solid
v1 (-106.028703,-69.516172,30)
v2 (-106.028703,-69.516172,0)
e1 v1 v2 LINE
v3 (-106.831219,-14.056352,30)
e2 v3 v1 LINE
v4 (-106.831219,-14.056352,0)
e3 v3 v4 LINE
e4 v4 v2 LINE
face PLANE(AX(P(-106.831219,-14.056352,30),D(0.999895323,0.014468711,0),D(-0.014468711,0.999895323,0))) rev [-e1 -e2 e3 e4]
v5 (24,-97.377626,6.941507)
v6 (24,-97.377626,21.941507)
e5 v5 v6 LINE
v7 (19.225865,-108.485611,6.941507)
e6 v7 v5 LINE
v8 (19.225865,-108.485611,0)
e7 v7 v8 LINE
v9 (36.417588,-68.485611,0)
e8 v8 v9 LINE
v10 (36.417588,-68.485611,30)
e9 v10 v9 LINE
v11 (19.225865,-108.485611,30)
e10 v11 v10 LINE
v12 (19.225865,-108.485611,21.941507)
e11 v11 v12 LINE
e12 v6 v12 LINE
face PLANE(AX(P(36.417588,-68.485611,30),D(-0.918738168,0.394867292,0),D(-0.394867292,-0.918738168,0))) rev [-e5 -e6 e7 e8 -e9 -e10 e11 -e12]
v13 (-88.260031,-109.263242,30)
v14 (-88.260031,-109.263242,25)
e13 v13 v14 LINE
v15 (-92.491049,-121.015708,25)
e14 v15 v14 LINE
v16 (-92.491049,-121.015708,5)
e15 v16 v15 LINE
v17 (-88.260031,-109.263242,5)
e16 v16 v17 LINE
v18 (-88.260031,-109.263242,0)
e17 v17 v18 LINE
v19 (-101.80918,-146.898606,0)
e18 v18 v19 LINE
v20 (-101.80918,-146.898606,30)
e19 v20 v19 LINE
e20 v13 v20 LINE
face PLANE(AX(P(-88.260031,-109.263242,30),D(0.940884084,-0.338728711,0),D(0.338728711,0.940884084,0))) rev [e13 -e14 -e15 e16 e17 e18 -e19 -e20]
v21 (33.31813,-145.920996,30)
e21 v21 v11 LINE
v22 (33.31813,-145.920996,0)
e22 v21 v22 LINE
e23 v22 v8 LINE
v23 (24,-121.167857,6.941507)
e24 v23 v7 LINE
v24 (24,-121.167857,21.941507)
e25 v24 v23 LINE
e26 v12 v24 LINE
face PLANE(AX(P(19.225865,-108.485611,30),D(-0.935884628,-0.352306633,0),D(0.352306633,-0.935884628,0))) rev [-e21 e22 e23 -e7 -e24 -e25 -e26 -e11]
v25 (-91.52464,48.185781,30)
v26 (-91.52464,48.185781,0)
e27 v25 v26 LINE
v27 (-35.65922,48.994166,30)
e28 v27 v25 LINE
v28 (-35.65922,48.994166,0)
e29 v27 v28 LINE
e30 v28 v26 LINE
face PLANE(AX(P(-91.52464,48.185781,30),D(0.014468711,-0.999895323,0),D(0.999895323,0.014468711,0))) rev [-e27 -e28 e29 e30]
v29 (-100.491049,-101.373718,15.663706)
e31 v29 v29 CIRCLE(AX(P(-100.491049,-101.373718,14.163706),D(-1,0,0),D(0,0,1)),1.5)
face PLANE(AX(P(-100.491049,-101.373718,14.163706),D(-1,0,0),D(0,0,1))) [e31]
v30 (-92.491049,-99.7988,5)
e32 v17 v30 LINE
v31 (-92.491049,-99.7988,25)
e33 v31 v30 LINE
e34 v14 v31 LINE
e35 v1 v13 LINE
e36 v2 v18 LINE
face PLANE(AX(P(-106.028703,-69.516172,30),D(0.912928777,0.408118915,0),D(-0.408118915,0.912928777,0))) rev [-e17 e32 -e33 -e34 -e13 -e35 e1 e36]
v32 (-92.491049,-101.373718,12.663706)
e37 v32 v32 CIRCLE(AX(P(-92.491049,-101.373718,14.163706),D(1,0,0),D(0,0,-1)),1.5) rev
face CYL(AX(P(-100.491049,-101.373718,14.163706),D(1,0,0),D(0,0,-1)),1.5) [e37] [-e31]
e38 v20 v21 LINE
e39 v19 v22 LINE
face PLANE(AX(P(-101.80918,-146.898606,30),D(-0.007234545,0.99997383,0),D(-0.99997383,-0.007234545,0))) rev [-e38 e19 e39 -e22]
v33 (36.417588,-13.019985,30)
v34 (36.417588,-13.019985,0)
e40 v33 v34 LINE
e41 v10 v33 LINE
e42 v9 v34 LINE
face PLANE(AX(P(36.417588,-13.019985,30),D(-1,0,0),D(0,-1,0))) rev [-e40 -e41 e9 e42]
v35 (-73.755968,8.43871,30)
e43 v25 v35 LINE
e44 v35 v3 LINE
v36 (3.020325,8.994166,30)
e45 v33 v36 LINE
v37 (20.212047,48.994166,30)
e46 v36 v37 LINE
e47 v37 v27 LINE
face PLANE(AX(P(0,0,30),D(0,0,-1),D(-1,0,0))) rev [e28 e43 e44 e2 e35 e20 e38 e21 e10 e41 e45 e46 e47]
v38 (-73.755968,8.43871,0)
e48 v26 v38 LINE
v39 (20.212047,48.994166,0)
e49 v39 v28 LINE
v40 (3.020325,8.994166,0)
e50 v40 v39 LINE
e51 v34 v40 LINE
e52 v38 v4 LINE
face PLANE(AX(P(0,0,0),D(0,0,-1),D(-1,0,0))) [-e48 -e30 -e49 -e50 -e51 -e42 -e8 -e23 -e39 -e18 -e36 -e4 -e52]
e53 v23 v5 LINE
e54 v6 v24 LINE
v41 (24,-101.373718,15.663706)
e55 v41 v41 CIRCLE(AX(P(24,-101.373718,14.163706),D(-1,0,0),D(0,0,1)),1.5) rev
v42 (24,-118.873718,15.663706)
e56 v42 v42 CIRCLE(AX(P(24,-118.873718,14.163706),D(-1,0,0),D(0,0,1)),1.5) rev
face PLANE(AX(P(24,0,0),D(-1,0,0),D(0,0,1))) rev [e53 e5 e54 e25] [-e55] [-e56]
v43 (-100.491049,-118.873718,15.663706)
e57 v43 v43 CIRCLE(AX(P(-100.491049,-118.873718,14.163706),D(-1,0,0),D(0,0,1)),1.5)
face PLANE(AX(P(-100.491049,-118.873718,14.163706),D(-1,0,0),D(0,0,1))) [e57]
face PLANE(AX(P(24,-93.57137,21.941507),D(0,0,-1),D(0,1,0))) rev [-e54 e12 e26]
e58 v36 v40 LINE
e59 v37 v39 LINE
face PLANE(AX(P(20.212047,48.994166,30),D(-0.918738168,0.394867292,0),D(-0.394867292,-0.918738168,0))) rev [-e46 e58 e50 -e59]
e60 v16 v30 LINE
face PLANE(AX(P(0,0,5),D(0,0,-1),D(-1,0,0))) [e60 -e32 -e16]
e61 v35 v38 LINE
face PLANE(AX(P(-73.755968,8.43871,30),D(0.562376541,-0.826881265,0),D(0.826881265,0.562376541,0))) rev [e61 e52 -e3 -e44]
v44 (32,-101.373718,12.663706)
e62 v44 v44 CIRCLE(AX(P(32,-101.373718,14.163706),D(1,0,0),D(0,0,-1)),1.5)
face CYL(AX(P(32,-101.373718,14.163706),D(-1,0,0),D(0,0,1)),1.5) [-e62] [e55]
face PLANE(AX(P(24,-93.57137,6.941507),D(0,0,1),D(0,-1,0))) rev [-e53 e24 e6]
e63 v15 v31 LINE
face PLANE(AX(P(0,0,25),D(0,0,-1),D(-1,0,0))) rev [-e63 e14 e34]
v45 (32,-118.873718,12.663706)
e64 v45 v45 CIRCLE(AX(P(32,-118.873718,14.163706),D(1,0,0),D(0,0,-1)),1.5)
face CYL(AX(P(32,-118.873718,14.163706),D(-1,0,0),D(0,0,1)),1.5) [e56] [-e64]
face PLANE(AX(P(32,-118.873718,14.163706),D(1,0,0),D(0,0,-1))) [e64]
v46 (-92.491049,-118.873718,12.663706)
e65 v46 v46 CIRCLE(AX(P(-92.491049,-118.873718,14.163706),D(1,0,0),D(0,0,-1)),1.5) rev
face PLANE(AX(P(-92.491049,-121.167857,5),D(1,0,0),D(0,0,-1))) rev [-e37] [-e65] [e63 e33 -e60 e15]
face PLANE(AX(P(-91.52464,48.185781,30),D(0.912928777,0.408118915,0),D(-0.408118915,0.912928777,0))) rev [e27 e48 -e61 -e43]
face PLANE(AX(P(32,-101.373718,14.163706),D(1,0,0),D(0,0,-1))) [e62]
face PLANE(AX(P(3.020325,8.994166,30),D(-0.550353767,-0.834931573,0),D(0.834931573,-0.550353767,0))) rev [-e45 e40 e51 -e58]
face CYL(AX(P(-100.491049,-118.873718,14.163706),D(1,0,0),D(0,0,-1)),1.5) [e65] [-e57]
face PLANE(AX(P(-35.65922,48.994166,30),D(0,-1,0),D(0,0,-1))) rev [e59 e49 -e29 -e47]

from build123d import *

# Parameters (mm, degrees)
BOSS_EXTRUDE1_DEPTH = 30
SKETCH6_W           = 15
SKETCH6_H           = 30
BOSS_EXTRUDE2_DEPTH = 24
BOSS_EXTRUDE5_DEPTH = 10
SKETCH15_R          = 1.5
BOSS_EXTRUDE7_DEPTH = 8
SKETCH7_R           = 1.5
BOSS_EXTRUDE8_DEPTH = 8


with BuildPart() as part:
    # Sketch2 → Boss-Extrude1 (new body)
    with BuildSketch(Plane.XY):
        Polygon((-35.659220441, 48.994166095), (20.212047263, 48.994166095), (3.020324726, 8.994166095), (36.417587641, -13.019984577), (36.417587641, -68.485610583), (19.225865104, -108.485610583), (33.318130441, -145.920995684), (-101.80917988, -146.898605829), (-88.260031439, -109.263242453), (-106.02870282, -69.516171603), (-106.831218915, -14.056351587), (-73.755968311, 8.438710038), (-91.524639692, 48.185780888), align=None)
    extrude(amount=BOSS_EXTRUDE1_DEPTH)

    # Sketch6 → Boss-Extrude2 (add)
    with BuildSketch(Plane(origin=(0, 0, 0), x_dir=(0, 0, -1), z_dir=(1, 0, 0))):
        with Locations((-14.441506787, -108.571370402)):
            Rectangle(SKETCH6_W, SKETCH6_H)
    extrude(amount=BOSS_EXTRUDE2_DEPTH)

    # Sketch13 → Boss-Extrude5 (add, symmetric)
    with BuildSketch(Plane(origin=(0, 0, 15), x_dir=(-1, 0, 0), z_dir=(0, 0, -1))):
        Polygon((92.491049439, -97.377625596), (87.716914543, -108.485610583), (92.491049439, -121.167856773), align=None)
    extrude(amount=BOSS_EXTRUDE5_DEPTH, both=True)

    # Sketch15 → Boss-Extrude7 (add, symmetric)
    with BuildSketch(Plane.ZY.offset(92.491049439)):
        with Locations(Location((14.163706185, -101.373718374, 0), (0, 0, 180))):
            Circle(SKETCH15_R)
        with Locations(Location((14.163706185, -118.873718374, 0), (0, 0, 180))):
            Circle(SKETCH15_R)
    extrude(amount=BOSS_EXTRUDE7_DEPTH, both=True)

    # Sketch7 → Boss-Extrude8 (add, symmetric)
    with BuildSketch(Plane(origin=(24, 0, 0), x_dir=(0, 0, -1), z_dir=(1, 0, 0))):
        with Locations((-14.163706185, -118.873718374)):
            Circle(SKETCH7_R)
        with Locations((-14.163706185, -101.373718374)):
            Circle(SKETCH7_R)
    extrude(amount=BOSS_EXTRUDE8_DEPTH, both=True)


solid = part.part
